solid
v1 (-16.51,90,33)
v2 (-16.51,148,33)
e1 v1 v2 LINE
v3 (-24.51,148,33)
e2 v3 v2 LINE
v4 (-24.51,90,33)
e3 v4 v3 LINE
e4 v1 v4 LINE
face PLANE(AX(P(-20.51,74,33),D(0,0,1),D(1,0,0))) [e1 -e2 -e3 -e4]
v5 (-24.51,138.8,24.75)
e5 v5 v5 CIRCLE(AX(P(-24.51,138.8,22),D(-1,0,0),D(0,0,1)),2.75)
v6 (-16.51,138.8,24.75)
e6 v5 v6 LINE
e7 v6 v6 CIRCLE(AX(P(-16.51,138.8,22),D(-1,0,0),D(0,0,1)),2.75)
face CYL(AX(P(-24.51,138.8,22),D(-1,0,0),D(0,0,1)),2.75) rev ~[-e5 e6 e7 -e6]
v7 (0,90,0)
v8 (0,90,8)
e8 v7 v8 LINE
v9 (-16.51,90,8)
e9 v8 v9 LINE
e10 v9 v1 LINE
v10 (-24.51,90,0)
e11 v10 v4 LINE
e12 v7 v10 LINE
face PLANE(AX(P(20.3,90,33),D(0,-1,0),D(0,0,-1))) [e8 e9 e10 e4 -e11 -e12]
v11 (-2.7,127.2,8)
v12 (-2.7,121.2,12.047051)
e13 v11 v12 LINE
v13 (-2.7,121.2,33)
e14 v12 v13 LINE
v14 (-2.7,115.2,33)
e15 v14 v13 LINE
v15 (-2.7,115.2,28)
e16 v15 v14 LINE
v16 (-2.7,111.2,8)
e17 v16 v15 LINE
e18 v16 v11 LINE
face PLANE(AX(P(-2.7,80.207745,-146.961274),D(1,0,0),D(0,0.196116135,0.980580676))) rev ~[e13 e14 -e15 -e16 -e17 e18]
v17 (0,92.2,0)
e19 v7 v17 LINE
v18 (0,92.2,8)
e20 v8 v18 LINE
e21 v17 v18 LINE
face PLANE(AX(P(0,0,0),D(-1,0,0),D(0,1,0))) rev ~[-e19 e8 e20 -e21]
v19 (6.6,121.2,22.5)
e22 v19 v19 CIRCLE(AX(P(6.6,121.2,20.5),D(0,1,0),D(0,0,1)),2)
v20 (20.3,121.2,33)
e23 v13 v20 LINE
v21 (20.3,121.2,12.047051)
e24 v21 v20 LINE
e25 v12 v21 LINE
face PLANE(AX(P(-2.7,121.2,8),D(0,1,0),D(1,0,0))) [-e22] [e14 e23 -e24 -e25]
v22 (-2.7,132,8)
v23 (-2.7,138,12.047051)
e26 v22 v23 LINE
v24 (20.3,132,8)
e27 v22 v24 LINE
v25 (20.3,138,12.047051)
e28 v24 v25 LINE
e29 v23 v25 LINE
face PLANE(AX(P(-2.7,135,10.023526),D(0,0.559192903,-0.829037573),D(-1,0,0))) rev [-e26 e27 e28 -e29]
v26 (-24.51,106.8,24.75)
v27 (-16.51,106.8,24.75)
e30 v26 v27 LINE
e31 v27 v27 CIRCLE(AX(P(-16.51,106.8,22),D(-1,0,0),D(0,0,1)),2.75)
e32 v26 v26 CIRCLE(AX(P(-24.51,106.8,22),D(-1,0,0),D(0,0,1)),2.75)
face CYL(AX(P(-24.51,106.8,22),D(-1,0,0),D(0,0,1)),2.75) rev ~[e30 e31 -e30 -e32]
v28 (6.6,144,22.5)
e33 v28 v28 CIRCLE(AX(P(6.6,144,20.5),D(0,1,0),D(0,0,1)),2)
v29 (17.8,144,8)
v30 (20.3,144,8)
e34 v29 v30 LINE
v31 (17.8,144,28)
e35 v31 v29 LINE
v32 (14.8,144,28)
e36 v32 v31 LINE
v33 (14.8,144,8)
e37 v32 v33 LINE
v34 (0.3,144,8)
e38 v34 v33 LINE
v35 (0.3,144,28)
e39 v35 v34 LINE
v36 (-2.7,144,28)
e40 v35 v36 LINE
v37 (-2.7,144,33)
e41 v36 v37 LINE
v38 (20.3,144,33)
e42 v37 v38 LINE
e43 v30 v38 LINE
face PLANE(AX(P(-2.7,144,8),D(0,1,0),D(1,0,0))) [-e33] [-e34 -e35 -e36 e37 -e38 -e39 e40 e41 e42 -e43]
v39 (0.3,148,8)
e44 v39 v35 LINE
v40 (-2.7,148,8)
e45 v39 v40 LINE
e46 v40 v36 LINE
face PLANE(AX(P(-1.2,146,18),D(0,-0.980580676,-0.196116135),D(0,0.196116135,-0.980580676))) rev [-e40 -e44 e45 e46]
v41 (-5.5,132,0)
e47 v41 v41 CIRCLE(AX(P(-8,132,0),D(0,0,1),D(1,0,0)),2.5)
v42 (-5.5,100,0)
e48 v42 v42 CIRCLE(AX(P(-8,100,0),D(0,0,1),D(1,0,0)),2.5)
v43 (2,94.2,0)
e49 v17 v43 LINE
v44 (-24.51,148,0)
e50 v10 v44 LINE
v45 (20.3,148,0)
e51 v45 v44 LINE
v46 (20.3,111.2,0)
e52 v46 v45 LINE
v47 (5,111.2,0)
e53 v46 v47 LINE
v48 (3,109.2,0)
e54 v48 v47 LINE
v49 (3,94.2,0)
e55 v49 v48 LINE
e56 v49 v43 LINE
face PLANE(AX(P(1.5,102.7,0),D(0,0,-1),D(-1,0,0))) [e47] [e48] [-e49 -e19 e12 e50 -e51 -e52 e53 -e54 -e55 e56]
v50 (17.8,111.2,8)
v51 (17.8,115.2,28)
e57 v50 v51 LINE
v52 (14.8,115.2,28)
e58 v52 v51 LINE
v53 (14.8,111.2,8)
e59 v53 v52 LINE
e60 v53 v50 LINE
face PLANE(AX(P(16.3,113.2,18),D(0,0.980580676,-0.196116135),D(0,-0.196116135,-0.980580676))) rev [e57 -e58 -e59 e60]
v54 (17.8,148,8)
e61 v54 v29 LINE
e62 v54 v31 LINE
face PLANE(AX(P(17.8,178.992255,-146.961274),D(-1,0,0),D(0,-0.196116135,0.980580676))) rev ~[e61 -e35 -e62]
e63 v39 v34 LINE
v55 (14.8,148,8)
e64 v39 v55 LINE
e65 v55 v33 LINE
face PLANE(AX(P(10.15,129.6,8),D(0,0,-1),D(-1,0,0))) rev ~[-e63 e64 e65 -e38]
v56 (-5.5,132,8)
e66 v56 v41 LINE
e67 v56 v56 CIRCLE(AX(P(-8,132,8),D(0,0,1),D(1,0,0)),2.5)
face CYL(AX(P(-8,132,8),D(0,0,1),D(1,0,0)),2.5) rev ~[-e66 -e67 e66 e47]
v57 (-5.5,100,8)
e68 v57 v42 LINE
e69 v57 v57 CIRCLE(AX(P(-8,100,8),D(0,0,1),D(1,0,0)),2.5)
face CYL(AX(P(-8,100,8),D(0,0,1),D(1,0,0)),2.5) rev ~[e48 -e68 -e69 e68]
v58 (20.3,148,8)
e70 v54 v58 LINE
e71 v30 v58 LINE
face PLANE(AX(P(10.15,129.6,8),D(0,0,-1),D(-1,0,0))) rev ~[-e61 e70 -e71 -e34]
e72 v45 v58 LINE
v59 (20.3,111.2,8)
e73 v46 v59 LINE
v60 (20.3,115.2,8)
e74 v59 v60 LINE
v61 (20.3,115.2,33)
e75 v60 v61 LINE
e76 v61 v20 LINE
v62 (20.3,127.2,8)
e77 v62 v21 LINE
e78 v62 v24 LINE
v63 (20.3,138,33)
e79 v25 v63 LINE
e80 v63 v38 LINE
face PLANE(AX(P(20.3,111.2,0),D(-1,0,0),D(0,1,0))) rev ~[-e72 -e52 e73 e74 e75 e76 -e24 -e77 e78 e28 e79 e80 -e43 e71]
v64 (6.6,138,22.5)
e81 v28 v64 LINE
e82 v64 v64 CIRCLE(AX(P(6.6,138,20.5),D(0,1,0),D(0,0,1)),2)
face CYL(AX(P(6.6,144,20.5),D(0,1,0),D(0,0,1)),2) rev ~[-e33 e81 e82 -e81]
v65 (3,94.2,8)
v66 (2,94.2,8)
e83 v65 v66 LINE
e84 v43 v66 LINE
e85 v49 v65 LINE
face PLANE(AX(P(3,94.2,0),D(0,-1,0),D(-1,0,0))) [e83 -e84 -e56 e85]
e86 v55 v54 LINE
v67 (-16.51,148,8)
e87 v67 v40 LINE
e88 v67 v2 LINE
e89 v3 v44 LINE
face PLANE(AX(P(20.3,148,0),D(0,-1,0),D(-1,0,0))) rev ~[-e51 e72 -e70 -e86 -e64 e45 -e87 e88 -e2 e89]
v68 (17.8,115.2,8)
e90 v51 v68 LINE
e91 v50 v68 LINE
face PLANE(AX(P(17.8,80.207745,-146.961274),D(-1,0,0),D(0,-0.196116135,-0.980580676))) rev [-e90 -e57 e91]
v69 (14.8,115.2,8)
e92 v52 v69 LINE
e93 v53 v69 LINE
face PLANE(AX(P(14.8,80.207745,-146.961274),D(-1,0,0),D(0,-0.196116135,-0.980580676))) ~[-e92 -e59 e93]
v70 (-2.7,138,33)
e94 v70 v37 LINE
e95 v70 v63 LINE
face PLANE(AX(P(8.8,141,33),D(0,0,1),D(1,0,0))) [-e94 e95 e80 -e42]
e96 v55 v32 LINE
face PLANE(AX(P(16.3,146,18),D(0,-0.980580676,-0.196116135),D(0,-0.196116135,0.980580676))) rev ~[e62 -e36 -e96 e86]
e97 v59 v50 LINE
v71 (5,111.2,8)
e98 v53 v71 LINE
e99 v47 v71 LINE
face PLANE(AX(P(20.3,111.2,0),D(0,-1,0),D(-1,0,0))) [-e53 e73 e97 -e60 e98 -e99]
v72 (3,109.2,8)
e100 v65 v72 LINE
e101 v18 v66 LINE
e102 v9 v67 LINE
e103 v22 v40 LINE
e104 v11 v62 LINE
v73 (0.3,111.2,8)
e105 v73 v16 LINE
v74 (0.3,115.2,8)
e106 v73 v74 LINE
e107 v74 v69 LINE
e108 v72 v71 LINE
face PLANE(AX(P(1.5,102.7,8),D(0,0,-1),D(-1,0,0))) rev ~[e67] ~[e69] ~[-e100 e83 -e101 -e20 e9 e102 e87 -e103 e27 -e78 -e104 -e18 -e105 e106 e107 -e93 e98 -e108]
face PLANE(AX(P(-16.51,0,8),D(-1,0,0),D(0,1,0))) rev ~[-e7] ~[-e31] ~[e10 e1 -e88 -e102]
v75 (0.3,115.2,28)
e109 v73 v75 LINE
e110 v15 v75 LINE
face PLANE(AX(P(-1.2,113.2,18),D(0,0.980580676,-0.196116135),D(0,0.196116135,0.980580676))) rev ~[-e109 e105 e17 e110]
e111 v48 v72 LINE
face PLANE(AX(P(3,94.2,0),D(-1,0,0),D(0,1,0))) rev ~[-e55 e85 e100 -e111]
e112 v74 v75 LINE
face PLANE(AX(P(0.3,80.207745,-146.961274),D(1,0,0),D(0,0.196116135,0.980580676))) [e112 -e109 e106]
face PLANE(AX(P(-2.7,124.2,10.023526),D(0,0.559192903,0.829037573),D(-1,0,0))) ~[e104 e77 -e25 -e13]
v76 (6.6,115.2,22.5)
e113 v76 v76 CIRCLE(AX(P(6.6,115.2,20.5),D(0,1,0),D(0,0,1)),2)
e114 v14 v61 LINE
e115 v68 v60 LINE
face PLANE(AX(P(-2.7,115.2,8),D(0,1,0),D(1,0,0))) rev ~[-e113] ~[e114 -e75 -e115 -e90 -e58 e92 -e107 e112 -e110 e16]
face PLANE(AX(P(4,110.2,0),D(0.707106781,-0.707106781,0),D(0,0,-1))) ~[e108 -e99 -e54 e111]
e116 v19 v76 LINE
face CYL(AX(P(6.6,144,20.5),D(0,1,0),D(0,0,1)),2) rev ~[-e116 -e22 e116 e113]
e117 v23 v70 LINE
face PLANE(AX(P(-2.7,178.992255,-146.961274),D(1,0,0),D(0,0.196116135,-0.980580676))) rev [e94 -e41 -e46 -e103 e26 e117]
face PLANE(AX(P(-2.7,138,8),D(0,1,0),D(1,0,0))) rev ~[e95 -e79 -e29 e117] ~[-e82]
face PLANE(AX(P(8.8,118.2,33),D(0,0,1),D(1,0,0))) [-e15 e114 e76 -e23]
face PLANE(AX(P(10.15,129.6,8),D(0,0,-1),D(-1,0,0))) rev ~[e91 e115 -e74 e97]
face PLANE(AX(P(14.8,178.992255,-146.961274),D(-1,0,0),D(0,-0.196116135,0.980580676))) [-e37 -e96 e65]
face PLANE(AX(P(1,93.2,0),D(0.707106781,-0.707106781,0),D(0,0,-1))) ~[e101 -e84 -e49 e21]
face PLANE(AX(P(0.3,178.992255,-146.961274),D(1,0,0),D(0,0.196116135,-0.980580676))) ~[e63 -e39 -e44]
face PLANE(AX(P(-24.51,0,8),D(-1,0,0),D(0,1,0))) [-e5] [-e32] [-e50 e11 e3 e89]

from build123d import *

# Parameters (mm, degrees)
SKETCH1_W               = 24.51
SKETCH1_H               = 148
BOSS_EXTRUDE1_DEPTH     = 8
SKETCH2_W               = 8
SKETCH2_H               = 148
BOSS_EXTRUDE2_DEPTH     = 25
SKETCH4_W               = 20.3
SKETCH4_H               = 36.8
BOSS_EXTRUDE3_DEPTH     = 8
SKETCH5_W               = 23
SKETCH5_H               = 6
BOSS_EXTRUDE4_DEPTH     = 25
CUT_EXTRUDE2_REACH      = 151.752
SKETCH6_R               = 2
RIB1_REACH              = 159.03
SKETCH8_WALL_W          = 336.456302216
SKETCH8_WALL_H          = 3
MIRROR2_COPY_1_REACH    = 159.03
MIRROR2_COPY_1_SKETCH_W = 336.456302216
MIRROR2_COPY_1_SKETCH_H = 3
SKETCH3_R               = 2.5
CUT_EXTRUDE1_DEPTH      = 10
SKETCH12_R              = 2.75
CUT_EXTRUDE3_DEPTH      = 8
SKETCH13_W              = 5
SKETCH13_H              = 46
BOSS_EXTRUDE5_DEPTH     = 8
SKETCH14_W              = 3
SKETCH14_H              = 17
BOSS_EXTRUDE6_DEPTH     = 8
CHAMFER1_SIZE           = 2
CHAMFER2_SIZE           = 6
CHAMFER2_SIZE2          = 4.047051101
SKETCH15_W              = 33
SKETCH15_H              = 90
CUT_EXTRUDE4_DEPTH      = 48


with BuildPart() as part:
    # Sketch1 → Boss-Extrude1 (new body)
    with BuildSketch(Plane.XY):
        with Locations((-12.255, 74)):
            Rectangle(SKETCH1_W, SKETCH1_H)
    extrude(amount=BOSS_EXTRUDE1_DEPTH)

    # Sketch2 → Boss-Extrude2 (add)
    with BuildSketch(Plane.XY.offset(8)):
        with Locations((-20.51, 74)):
            Rectangle(SKETCH2_W, SKETCH2_H)
    extrude(amount=BOSS_EXTRUDE2_DEPTH)

    # Sketch4 → Boss-Extrude3 (add)
    with BuildSketch(Plane(origin=(0, 0, 0), x_dir=(-1, 0, 0), z_dir=(0, 0, -1))):
        with Locations((-10.15, 129.6)):
            Rectangle(SKETCH4_W, SKETCH4_H)
    extrude(amount=-BOSS_EXTRUDE3_DEPTH)

    # Sketch5 → Boss-Extrude4 (add)
    with BuildSketch(Plane.XY.offset(8)):
        with Locations((8.8, 118.2)):
            Rectangle(SKETCH5_W, SKETCH5_H)
        with Locations((8.8, 141)):
            Rectangle(SKETCH5_W, SKETCH5_H)
    extrude(amount=BOSS_EXTRUDE4_DEPTH)

    # Cut-Extrude2: up to this face of the body (flat: up to its plane)
    cut_extrude2_end = Plane(part.part.faces().sort_by_distance((8.8, 115.2, 20.5))[0])
    # Sketch6 → Cut-Extrude2 (cut, up to the picked face)
    with BuildSketch(Plane(origin=(0, 144, 0), x_dir=(1, 0, 0), z_dir=(0, 1, 0)), mode=Mode.PRIVATE) as cut_extrude2_sk1:
        with Locations(Location((6.6, -20.5, 0), (0, 0, 270))):
            Circle(SKETCH6_R)
    cut_extrude2_tool1 = split(extrude(cut_extrude2_sk1.sketch, amount=-CUT_EXTRUDE2_REACH, mode=Mode.PRIVATE), bisect_by=cut_extrude2_end, keep=Keep.BOTH, mode=Mode.PRIVATE)
    add(cut_extrude2_tool1.solids().sort_by(Axis((6.6, 144, 20.5), (0, -1, 0)))[0], mode=Mode.SUBTRACT)

    # Sketch8 wall → Rib1 (add, up to next)
    with BuildSketch(Plane(origin=(16.3, 146, 18), x_dir=(0, -0.196116135138, 0.980580675691), z_dir=(0, -0.980580675691, -0.196116135138)), mode=Mode.PRIVATE) as rib1_sk1:
        Rectangle(SKETCH8_WALL_W, SKETCH8_WALL_H)
    rib1_tool1 = extrude(rib1_sk1.sketch, amount=RIB1_REACH, mode=Mode.PRIVATE) - part.part
    rib1 = rib1_tool1.solids().sort_by_distance((16.3, 146, 18))[0]
    add(rib1)

    # Mirror1: Rib1 across plane
    add(rib1.mirror(Plane.ZX.offset(129.6)))

    # Mirror2: Rib1 across plane
    add(rib1.mirror(Plane.ZY.offset(-7.55)))

    # Mirror2 copy 1 sketch → Mirror2 copy 1 (add, up to next)
    with BuildSketch(Plane(origin=(-1.2, 113.2, 18), x_dir=(0, 0.196116135138, 0.980580675691), z_dir=(0, 0.980580675691, -0.196116135138)), mode=Mode.PRIVATE) as mirror2_copy_1_sk1:
        Rectangle(MIRROR2_COPY_1_SKETCH_W, MIRROR2_COPY_1_SKETCH_H)
    mirror2_copy_1_tool1 = extrude(mirror2_copy_1_sk1.sketch, amount=MIRROR2_COPY_1_REACH, mode=Mode.PRIVATE) - part.part
    add(mirror2_copy_1_tool1.solids().sort_by_distance((-1.2, 113.2, 18))[0])

    # Sketch3 → Cut-Extrude1 (cut)
    with BuildSketch(Plane.XY.offset(8)):
        with Locations((-8, 8)):
            Circle(SKETCH3_R)
        with Locations((-8, 40)):
            Circle(SKETCH3_R)
        with Locations((-8, 100)):
            Circle(SKETCH3_R)
        with Locations((-8, 132)):
            Circle(SKETCH3_R)
    extrude(amount=-CUT_EXTRUDE1_DEPTH, mode=Mode.SUBTRACT)

    # Sketch12 → Cut-Extrude3 (cut)
    with BuildSketch(Plane.ZY.offset(24.51)):
        with Locations((22, 138.8)):
            Circle(SKETCH12_R)
        with Locations((22, 106.8)):
            Circle(SKETCH12_R)
        with Locations((22, 41.7)):
            Circle(SKETCH12_R)
        with Locations((22, 9.7)):
            Circle(SKETCH12_R)
    extrude(amount=-CUT_EXTRUDE3_DEPTH, mode=Mode.SUBTRACT)

    # Sketch13 → Boss-Extrude5 (add)
    with BuildSketch(Plane(origin=(0, 0, 0), x_dir=(-1, 0, 0), z_dir=(0, 0, -1))):
        with Locations((-2.5, 23)):
            Rectangle(SKETCH13_W, SKETCH13_H)
    extrude(amount=-BOSS_EXTRUDE5_DEPTH)

    # Sketch14 → Boss-Extrude6 (add)
    with BuildSketch(Plane(origin=(0, 0, 0), x_dir=(-1, 0, 0), z_dir=(0, 0, -1))):
        with Locations((-1.5, 102.7)):
            Rectangle(SKETCH14_W, SKETCH14_H)
    extrude(amount=-BOSS_EXTRUDE6_DEPTH)

    # Chamfer1
    chamfer1_edges = [part.edges().sort_by_distance(p)[0] for p in [
        (0, 46, 4),
        (3, 111.2, 4),
        (0, 94.2, 4),
    ]]
    chamfer(chamfer1_edges, length=CHAMFER1_SIZE)

    # Chamfer2
    chamfer2_edges = [part.edges().sort_by_distance(p)[0] for p in [
        (8.8, 121.2, 8),
        (8.8, 138, 8),
    ]]
    chamfer2_side = [part.faces().sort_by_distance(p)[0] for p in [
        (-4.974591741, 76.782250606, 8),
    ]]
    chamfer(chamfer2_edges, length=CHAMFER2_SIZE, length2=CHAMFER2_SIZE2, reference=chamfer2_side[0])

    # Sketch15 → Cut-Extrude4 (cut)
    with BuildSketch(Plane(origin=(20.3, 0, 0), x_dir=(0, 0, -1), z_dir=(1, 0, 0))):
        with Locations((-16.5, 45)):
            Rectangle(SKETCH15_W, SKETCH15_H)
    extrude(amount=-CUT_EXTRUDE4_DEPTH, mode=Mode.SUBTRACT)


solid = part.part
